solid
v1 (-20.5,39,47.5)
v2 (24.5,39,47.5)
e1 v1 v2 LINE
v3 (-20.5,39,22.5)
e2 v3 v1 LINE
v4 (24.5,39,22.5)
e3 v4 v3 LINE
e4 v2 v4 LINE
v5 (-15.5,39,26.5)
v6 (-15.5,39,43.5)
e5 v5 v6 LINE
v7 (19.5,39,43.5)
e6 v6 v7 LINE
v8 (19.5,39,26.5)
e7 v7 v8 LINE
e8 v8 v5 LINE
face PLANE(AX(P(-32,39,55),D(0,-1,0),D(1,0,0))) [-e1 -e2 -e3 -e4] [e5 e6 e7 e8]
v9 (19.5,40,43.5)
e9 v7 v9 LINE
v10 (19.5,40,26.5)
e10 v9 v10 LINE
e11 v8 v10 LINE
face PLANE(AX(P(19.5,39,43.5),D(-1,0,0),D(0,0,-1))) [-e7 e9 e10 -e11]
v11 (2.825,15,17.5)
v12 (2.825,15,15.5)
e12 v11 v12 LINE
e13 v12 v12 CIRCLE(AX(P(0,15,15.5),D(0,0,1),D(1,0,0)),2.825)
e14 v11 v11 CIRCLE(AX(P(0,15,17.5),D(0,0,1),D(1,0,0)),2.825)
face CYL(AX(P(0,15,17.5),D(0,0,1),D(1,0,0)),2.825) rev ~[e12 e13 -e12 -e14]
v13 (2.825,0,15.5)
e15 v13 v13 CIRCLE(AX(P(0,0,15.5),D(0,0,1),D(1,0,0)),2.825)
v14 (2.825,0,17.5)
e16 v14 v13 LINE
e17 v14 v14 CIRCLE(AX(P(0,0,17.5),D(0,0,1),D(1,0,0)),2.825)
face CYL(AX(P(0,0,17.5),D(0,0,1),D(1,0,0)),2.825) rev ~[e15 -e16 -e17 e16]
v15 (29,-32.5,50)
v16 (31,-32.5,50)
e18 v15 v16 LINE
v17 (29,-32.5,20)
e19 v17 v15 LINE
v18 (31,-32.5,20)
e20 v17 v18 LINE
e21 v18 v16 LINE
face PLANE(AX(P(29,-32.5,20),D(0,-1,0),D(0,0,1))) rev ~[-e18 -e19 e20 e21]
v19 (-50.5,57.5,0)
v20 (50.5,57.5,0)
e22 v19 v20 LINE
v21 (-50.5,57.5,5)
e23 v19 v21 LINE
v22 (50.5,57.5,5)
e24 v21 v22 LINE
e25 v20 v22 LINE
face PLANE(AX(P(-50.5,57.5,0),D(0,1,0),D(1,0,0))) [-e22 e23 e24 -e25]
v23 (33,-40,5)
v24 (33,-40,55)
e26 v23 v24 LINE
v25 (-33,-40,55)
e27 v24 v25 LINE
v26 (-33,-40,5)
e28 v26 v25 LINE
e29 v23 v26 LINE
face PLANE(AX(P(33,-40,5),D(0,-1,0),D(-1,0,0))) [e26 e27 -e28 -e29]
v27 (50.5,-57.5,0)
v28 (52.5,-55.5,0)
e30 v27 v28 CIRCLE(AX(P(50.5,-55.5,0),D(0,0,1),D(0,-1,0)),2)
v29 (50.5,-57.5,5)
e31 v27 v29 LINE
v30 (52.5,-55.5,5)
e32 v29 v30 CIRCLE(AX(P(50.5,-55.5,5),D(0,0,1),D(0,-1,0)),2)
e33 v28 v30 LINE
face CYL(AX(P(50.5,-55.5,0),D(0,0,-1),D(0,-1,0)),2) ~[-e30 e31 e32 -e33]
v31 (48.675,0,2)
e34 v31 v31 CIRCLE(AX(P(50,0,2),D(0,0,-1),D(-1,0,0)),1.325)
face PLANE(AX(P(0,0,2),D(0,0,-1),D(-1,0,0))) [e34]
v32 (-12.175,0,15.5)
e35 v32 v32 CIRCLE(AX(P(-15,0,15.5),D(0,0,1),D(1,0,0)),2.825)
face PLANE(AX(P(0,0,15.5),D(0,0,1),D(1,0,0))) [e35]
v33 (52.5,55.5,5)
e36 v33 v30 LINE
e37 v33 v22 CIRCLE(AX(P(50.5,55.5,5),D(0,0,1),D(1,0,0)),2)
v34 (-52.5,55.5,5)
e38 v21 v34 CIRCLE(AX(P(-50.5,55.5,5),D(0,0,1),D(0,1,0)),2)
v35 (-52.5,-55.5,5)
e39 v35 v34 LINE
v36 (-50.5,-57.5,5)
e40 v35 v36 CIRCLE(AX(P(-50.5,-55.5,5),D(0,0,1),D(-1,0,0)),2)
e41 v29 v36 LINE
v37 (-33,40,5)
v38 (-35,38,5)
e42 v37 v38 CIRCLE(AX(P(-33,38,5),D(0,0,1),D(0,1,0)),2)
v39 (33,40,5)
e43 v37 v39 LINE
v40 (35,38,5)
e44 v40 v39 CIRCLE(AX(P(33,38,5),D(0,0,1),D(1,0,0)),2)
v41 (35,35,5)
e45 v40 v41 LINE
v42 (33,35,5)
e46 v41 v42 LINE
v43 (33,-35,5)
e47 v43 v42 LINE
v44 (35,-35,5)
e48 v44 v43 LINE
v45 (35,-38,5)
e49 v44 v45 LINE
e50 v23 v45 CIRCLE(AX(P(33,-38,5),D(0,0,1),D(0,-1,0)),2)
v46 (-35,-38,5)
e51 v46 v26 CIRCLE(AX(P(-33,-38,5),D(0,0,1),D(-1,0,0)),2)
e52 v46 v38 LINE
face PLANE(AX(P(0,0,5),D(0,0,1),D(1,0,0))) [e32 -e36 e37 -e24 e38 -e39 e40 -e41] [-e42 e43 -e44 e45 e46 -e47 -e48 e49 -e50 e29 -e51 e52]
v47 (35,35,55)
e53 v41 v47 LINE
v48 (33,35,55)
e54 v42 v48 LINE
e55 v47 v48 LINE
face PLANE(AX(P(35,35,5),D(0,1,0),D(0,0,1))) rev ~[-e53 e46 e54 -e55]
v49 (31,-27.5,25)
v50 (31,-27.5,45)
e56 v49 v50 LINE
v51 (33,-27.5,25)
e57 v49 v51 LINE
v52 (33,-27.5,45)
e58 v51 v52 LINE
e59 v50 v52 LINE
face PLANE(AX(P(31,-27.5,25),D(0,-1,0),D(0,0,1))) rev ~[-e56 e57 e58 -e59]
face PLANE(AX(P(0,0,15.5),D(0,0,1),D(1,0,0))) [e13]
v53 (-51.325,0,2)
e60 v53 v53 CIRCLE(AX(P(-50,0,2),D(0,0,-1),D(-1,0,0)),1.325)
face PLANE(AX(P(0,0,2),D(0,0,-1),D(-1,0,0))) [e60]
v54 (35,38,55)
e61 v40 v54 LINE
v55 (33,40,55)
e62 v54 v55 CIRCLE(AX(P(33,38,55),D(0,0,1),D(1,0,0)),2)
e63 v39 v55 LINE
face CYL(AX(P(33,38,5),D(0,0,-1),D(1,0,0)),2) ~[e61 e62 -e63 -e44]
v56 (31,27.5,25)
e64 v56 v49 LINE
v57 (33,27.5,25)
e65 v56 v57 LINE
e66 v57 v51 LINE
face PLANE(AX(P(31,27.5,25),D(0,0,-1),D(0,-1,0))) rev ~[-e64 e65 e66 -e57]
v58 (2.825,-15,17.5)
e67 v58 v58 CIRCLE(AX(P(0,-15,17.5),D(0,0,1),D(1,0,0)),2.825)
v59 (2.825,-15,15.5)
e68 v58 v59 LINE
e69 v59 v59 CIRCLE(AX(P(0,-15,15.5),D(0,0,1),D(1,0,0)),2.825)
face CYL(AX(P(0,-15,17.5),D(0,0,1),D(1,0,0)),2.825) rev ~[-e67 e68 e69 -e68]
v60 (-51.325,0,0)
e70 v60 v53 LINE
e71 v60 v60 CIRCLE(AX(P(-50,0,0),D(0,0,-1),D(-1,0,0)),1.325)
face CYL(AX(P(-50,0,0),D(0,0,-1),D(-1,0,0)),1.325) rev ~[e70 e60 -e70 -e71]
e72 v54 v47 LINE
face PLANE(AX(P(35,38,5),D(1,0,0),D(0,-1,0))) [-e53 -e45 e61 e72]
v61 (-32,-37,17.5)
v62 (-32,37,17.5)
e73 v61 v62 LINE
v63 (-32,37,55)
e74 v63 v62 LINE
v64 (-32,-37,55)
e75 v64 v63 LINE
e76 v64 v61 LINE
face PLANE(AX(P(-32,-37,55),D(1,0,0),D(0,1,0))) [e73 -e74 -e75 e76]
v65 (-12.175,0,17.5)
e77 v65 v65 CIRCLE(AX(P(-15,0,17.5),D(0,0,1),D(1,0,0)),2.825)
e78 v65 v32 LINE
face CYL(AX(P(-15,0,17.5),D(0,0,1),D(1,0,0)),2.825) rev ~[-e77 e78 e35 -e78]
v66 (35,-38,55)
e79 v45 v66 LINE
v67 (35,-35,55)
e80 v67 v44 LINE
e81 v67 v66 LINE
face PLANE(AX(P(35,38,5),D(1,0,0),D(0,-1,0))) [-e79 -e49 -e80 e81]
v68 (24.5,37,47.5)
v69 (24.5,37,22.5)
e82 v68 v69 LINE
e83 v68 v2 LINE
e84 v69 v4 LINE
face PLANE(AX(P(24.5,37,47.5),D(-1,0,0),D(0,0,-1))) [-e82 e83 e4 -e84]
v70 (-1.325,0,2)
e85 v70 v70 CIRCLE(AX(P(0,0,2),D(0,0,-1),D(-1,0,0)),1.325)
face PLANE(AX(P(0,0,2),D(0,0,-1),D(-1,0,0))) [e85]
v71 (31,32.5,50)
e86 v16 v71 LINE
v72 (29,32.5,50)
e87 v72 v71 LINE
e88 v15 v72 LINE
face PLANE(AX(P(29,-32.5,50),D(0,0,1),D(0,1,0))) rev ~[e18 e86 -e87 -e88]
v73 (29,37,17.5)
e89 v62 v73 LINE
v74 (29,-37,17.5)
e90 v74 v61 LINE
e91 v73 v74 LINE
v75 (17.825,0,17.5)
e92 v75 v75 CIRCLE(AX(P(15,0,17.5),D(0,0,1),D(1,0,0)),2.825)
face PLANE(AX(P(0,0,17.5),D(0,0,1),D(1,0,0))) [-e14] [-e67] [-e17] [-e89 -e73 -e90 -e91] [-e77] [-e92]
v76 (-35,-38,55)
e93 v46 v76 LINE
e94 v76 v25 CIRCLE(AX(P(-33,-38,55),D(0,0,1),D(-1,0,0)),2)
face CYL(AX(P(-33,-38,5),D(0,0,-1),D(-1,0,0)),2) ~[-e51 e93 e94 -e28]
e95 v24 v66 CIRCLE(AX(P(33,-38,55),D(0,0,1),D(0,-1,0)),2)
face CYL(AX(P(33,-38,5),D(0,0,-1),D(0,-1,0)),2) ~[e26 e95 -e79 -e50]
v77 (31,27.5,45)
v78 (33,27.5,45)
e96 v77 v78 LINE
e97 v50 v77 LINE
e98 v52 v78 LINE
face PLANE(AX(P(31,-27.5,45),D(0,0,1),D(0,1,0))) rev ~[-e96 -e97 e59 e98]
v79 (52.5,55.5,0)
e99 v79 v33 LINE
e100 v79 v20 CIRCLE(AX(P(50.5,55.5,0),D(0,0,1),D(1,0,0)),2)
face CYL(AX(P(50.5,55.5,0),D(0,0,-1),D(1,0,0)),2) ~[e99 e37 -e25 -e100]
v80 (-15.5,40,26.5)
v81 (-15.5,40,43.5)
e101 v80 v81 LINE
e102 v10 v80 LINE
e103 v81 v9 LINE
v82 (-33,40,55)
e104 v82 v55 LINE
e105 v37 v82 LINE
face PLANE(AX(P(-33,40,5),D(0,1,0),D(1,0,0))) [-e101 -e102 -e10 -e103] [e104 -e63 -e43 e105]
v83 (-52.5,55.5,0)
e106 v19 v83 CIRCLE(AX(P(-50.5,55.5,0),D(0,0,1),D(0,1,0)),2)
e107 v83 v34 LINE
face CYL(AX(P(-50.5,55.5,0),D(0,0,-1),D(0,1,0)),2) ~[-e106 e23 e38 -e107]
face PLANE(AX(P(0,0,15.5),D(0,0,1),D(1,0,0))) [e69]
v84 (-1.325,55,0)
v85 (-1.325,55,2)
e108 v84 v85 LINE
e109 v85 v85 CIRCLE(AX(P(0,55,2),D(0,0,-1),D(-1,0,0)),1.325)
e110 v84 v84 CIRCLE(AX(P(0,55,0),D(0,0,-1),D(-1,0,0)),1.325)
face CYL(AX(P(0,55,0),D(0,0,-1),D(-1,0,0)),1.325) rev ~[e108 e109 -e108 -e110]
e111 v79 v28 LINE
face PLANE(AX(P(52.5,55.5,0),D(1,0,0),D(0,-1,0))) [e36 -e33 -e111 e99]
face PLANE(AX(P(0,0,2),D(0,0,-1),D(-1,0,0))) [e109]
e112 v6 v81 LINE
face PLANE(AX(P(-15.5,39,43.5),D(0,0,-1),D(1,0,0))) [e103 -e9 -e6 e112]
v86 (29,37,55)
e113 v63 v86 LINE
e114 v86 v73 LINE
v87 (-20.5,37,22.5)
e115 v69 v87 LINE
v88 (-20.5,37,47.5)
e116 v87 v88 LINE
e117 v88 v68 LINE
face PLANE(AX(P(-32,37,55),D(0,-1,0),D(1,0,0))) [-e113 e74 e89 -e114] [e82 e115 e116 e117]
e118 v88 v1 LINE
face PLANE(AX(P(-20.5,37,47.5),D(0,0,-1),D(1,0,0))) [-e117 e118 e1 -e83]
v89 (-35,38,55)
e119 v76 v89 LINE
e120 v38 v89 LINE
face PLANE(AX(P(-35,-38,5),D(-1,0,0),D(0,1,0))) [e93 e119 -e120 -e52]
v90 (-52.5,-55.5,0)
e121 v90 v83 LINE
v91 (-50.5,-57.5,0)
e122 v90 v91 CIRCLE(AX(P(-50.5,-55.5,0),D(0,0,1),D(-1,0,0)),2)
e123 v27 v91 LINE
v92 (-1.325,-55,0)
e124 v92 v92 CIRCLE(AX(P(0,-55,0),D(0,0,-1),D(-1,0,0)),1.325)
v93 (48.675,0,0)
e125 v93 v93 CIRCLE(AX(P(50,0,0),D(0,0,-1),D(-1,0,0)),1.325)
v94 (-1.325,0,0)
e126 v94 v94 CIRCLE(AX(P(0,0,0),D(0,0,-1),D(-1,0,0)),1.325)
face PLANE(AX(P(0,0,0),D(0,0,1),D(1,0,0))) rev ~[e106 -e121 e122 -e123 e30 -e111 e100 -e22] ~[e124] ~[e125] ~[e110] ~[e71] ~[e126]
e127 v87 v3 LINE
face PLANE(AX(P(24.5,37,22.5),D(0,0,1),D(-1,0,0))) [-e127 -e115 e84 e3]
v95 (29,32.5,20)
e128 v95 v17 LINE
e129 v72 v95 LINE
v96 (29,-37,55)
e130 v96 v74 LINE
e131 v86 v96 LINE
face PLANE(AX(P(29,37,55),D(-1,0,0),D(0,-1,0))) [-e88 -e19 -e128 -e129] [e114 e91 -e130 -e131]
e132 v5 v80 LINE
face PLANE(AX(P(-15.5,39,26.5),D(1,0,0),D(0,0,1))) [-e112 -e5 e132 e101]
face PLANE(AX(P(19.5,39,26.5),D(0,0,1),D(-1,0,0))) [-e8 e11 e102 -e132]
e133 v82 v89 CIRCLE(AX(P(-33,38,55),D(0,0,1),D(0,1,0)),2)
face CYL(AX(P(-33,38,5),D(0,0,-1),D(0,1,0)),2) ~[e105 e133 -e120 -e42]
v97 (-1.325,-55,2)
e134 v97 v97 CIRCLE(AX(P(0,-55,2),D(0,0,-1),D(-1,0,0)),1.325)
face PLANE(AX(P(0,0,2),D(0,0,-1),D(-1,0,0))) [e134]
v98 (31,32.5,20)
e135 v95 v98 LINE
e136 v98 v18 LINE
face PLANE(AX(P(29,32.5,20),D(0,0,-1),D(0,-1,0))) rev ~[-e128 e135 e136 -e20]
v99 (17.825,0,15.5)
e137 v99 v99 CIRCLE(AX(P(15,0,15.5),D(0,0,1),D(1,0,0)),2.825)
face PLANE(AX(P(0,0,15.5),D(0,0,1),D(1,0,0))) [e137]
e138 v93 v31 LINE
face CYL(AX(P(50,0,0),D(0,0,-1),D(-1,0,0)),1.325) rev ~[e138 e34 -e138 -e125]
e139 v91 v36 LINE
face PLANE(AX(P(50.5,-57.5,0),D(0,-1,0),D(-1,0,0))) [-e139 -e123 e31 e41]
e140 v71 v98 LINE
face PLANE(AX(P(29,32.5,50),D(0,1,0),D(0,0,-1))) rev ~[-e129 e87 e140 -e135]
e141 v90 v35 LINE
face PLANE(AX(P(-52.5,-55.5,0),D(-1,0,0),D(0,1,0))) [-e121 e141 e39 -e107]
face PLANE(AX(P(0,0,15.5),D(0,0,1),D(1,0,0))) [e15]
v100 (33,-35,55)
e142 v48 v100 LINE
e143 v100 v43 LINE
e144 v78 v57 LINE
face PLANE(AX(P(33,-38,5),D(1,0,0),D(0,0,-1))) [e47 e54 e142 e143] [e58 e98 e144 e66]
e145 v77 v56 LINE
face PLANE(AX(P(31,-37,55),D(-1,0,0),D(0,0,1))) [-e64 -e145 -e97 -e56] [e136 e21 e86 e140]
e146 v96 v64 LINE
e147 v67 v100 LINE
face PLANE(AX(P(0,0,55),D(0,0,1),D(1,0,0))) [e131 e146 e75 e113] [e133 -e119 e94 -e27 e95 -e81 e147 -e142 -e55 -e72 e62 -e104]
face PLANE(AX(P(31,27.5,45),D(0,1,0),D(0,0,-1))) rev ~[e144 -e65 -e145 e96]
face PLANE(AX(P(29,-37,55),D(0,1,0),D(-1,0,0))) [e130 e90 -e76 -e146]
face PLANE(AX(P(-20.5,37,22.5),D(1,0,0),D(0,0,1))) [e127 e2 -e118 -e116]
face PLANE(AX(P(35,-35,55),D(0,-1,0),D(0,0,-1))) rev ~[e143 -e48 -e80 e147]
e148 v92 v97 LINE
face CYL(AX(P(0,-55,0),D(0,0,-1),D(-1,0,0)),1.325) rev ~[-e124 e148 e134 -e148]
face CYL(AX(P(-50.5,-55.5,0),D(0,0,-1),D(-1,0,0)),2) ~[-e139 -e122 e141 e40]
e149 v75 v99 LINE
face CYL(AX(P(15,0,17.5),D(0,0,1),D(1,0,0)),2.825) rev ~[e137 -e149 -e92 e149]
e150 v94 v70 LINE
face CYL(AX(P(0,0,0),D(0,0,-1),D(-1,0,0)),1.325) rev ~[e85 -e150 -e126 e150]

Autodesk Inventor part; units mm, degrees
ref_plane "YZ Plane" through (0, 0, 0) normal (1, 0, 0) x (0, 1, 0)
ref_plane "XZ Plane" through (0, 0, 0) normal (0, 1, 0) x (-1, 0, 0)
ref_plane "XY Plane" through (0, 0, 0) normal (0, 0, 1) x (1, 0, 0)
sketch "Sketch1" plane through (0, 0, 0) normal (0, 0, 1) x (1, 0, 0)
  line L0 (-40.5, 47.5) -> (40.5, 47.5)
  line L1 (42.5, 45.5) -> (42.5, -45.5)
  line L2 (40.5, -47.5) -> (-40.5, -47.5)
  line L3 (-42.5, -45.5) -> (-42.5, 45.5)
  arc A0 (-40.5, 47.5) -> (-42.5, 45.5) centre (-40.5, 45.5) ccw
  arc A1 (-42.5, -45.5) -> (-40.5, -47.5) centre (-40.5, -45.5) ccw
  arc A2 (40.5, -47.5) -> (42.5, -45.5) centre (40.5, -45.5) ccw
  arc A3 (42.5, 45.5) -> (40.5, 47.5) centre (40.5, 45.5) ccw
  line L4 (-50.5, 57.5) -> (50.5, 57.5)
  line L5 (52.5, 55.5) -> (52.5, -55.5)
  line L6 (50.5, -57.5) -> (-50.5, -57.5)
  line L7 (-52.5, -55.5) -> (-52.5, 55.5)
  arc A4 (-50.5, 57.5) -> (-52.5, 55.5) centre (-50.5, 55.5) ccw
  arc A5 (-52.5, -55.5) -> (-50.5, -57.5) centre (-50.5, -55.5) ccw
  arc A6 (50.5, -57.5) -> (52.5, -55.5) centre (50.5, -55.5) ccw
  arc A7 (52.5, 55.5) -> (50.5, 57.5) centre (50.5, 55.5) ccw
  point P0 (0, 0)
  point P1 (-42.5, 47.5)
  point P2 (42.5, -47.5)
  point P3 (42.5, 47.5)
  dimension "d0" = 85
  dimension "d1" = 95
  dimension "d2" = 47.5
  dimension "d3" = 42.5
  dimension "d4" = 2
  dimension "d5" = 10
  dimension "d6" = 10
  dimension "d7" = 10
  dimension "d8" = 10
  dimension "d9" = 2
extrude "chamberBase" add sketch "Sketch1" along normal blind 5 contours L0 A3 L1 A2 L2 A1 L3 A0 | L4 A7 L5 A6 L6 A5 L7 A4
sketch "Sketch2" plane through (0, 0, 5) normal (0, 0, 1) x (1, 0, 0)
  line L0 (-33, 40) -> (33, 40)
  line L1 (35, 38) -> (35, -38)
  line L2 (33, -40) -> (-33, -40)
  line L3 (-35, -38) -> (-35, 38)
  arc A0 (-33, 40) -> (-35, 38) centre (-33, 38) ccw
  arc A1 (-35, -38) -> (-33, -40) centre (-33, -38) ccw
  arc A2 (33, -40) -> (35, -38) centre (33, -38) ccw
  arc A3 (35, 38) -> (33, 40) centre (33, 38) ccw
  point P0 (0, 0)
  point P1 (-35, 40)
  point P2 (35, -40)
  point P3 (35, 40)
  dimension "d12" = 70
  dimension "d13" = 80
  dimension "d14" = 40
  dimension "d15" = 35
  dimension "d16" = 2
extrude "chamberWallExt" add sketch "Sketch2" along normal blind 50
sketch "Sketch3" plane through (0, 0, 55) normal (0, 0, 1) x (1, 0, 0)
  line L0 (-32, 37) -> (29, 37)
  line L1 (29, 37) -> (29, -37)
  line L2 (29, -37) -> (-32, -37)
  line L3 (-32, -37) -> (-32, 37)
  line L4 (-33, 40) -> (33, 40) projected
  line L5 (35, -38) -> (35, 38) projected
  line L6 (-33, -40) -> (33, -40) projected
  line L7 (-35, -38) -> (-35, 38) projected
  point P0 (0, 0)
  dimension "d19" = 3
  dimension "d21" = 3
  dimension "d46" = 3
  dimension "d47" = 6
extrude "chamberIntExt" cut sketch "Sketch3" against normal blind 37.5
sketch "Sketch4" plane through (29, -37, 55) normal (-1, 0, 0) x (0, 0, 1)
  line L0 (-5, 69.5) -> (-35, 69.5)
  line L1 (-35, 69.5) -> (-35, 4.5)
  line L2 (-35, 4.5) -> (-5, 4.5)
  line L3 (-5, 4.5) -> (-5, 69.5)
  line L4 (-50, -18.5) -> (-50, 92.5) projected
  point P0 (-55, 37)
  dimension "d25" = 65
  dimension "d26" = 30
  dimension "d27" = 32.5
  dimension "d28" = 45
extrude "rectCoverSlipMountExt" cut sketch "Sketch4" against normal blind 2
sketch "Sketch5" plane through (31, -37, 55) normal (-1, 0, 0) x (0, 0, 1)
  line L0 (-10, 64.5) -> (-30, 64.5)
  line L1 (-30, 64.5) -> (-30, 9.5)
  line L2 (-30, 9.5) -> (-10, 9.5)
  line L3 (-10, 9.5) -> (-10, 64.5)
  line L4 (-50, 92.5) -> (-50, -18.5) projected
  point P0 (-55, 37)
  dimension "d31" = 55
  dimension "d32" = 20
  dimension "d33" = 27.5
  dimension "d34" = 40
extrude "rectCoverSlipWindow" cut sketch "Sketch5" against normal up to surface (4 mm away)
sketch "Sketch7" plane through (35, -38, 5) normal (1, 0, 0) x (0, 0, -1)
  line L0 (-50, 3) -> (0, 3)
  line L1 (0, 3) -> (0, 73)
  line L2 (0, 73) -> (-50, 73)
  line L3 (-50, 73) -> (-50, 3)
  line L4 (-50, 0) -> (-50, 76) projected
  line L5 (0, 76) -> (0, 0) projected
  point P0 (5, 38)
  dimension "d42" = 70
  dimension "d43" = 35
extrude "illObjExt" cut sketch "Sketch7" against normal blind 2
sketch "Sketch8" plane through (-32, 37, 55) normal (0, -1, 0) x (1, 0, 0)
  line L0 (56.5, -32.5) -> (11.5, -32.5)
  line L1 (11.5, -32.5) -> (11.5, -7.5)
  line L2 (11.5, -7.5) -> (56.5, -7.5)
  line L3 (56.5, -7.5) -> (56.5, -32.5)
  line L4 (0, -37.5) -> (61, -37.5) projected
  line L5 (-18.5, -50) -> (82.5, -50) projected
  point P0 (32, -55)
  point P1 (61, -5)
  dimension "d48" = 25
  dimension "d49" = 45
  dimension "d52" = 42.5
  dimension "d109" = 4.5
extrude "viewingWindCoverSlipMount" cut sketch "Sketch8" against normal blind 2
sketch "Sketch9" plane through (-32, 39, 55) normal (0, -1, 0) x (1, 0, 0)
  line L0 (16.5, -11.5) -> (51.5, -11.5)
  line L1 (51.5, -11.5) -> (51.5, -28.5)
  line L2 (51.5, -28.5) -> (16.5, -28.5)
  line L3 (16.5, -28.5) -> (16.5, -11.5)
  line L4 (82.5, -50) -> (-18.5, -50) projected
  line L5 (56.5, -7.5) -> (56.5, -32.5) projected
  point P0 (32, -55)
  dimension "d55" = 35
  dimension "d56" = 17
  dimension "d58" = 38.5
  dimension "d110" = 5
extrude "viewingWindExt" cut sketch "Sketch9" against normal up to surface (1 mm away)
sketch "Sketch10" plane through (0, 0, 17.5) normal (0, 0, 1) x (1, 0, 0)
  circle A0 centre (0, -15) radius 2.825
  circle A1 centre (15, 0) radius 2.825
  circle A2 centre (0, 15) radius 2.825
  circle A3 centre (-15, 0) radius 2.825
  circle A4 centre (0, 0) radius 2.825
  dimension "d70" = 5.65
  dimension "d71" = 5.65
  dimension "d72" = 5.65
  dimension "d73" = 5.65
  dimension "d74" = 5.65
  dimension "d75" = 15
  dimension "d76" = 15
  dimension "d77" = 15
  dimension "d78" = 15
extrude "sampleHolderMagnets" cut sketch "Sketch10" against normal blind 2
sketch "Sketch13" plane through (0, 0, 0) normal (0, 0, -1) x (-1, 0, 0)
  circle A0 centre (0, 55) radius 1.325
  circle A1 centre (-50, 0) radius 1.325
  circle A2 centre (0, -55) radius 1.325
  circle A3 centre (0, 0) radius 1.325
  circle A4 centre (50, 0) radius 1.325
  dimension "d98" = 2.65
  dimension "d99" = 2.65
  dimension "d100" = 2.65
  dimension "d101" = 2.65
  dimension "d102" = 2.65
  dimension "d103" = 55
  dimension "d104" = 55
  dimension "d105" = 50
  dimension "d106" = 50
extrude "xyStageMount" cut sketch "Sketch13" against normal blind 2
equation "\"d2\" = 0.5 * d1"
equation "\"d3\" = 0.5 * d0"
equation "\"d6\" = d5"
equation "\"d7\" = d5"
equation "\"d8\" = d5"
equation "\"d14\" = 0.5 * d13"
equation "\"d15\" = 0.5 * d12"
equation "\"d21\" = d19"
equation "\"d46\" = d19"
equation "\"d27\" = 0.5 * d25"
equation "\"d33\" = 0.5 * d31"
equation "\"d43\" = 0.5 * d42"
equation "\"d71\" = d70"
equation "\"d72\" = d70"
equation "\"d73\" = d70"
equation "\"d74\" = d70"
equation "\"d76\" = d75"
equation "\"d77\" = d75"
equation "\"d78\" = d75"
equation "\"d99\" = d98"
equation "\"d100\" = d98"
equation "\"d101\" = d98"
equation "\"d102\" = d98"
equation "\"d104\" = d103"
equation "\"d106\" = d105"
properties part number "sampleChamber"
